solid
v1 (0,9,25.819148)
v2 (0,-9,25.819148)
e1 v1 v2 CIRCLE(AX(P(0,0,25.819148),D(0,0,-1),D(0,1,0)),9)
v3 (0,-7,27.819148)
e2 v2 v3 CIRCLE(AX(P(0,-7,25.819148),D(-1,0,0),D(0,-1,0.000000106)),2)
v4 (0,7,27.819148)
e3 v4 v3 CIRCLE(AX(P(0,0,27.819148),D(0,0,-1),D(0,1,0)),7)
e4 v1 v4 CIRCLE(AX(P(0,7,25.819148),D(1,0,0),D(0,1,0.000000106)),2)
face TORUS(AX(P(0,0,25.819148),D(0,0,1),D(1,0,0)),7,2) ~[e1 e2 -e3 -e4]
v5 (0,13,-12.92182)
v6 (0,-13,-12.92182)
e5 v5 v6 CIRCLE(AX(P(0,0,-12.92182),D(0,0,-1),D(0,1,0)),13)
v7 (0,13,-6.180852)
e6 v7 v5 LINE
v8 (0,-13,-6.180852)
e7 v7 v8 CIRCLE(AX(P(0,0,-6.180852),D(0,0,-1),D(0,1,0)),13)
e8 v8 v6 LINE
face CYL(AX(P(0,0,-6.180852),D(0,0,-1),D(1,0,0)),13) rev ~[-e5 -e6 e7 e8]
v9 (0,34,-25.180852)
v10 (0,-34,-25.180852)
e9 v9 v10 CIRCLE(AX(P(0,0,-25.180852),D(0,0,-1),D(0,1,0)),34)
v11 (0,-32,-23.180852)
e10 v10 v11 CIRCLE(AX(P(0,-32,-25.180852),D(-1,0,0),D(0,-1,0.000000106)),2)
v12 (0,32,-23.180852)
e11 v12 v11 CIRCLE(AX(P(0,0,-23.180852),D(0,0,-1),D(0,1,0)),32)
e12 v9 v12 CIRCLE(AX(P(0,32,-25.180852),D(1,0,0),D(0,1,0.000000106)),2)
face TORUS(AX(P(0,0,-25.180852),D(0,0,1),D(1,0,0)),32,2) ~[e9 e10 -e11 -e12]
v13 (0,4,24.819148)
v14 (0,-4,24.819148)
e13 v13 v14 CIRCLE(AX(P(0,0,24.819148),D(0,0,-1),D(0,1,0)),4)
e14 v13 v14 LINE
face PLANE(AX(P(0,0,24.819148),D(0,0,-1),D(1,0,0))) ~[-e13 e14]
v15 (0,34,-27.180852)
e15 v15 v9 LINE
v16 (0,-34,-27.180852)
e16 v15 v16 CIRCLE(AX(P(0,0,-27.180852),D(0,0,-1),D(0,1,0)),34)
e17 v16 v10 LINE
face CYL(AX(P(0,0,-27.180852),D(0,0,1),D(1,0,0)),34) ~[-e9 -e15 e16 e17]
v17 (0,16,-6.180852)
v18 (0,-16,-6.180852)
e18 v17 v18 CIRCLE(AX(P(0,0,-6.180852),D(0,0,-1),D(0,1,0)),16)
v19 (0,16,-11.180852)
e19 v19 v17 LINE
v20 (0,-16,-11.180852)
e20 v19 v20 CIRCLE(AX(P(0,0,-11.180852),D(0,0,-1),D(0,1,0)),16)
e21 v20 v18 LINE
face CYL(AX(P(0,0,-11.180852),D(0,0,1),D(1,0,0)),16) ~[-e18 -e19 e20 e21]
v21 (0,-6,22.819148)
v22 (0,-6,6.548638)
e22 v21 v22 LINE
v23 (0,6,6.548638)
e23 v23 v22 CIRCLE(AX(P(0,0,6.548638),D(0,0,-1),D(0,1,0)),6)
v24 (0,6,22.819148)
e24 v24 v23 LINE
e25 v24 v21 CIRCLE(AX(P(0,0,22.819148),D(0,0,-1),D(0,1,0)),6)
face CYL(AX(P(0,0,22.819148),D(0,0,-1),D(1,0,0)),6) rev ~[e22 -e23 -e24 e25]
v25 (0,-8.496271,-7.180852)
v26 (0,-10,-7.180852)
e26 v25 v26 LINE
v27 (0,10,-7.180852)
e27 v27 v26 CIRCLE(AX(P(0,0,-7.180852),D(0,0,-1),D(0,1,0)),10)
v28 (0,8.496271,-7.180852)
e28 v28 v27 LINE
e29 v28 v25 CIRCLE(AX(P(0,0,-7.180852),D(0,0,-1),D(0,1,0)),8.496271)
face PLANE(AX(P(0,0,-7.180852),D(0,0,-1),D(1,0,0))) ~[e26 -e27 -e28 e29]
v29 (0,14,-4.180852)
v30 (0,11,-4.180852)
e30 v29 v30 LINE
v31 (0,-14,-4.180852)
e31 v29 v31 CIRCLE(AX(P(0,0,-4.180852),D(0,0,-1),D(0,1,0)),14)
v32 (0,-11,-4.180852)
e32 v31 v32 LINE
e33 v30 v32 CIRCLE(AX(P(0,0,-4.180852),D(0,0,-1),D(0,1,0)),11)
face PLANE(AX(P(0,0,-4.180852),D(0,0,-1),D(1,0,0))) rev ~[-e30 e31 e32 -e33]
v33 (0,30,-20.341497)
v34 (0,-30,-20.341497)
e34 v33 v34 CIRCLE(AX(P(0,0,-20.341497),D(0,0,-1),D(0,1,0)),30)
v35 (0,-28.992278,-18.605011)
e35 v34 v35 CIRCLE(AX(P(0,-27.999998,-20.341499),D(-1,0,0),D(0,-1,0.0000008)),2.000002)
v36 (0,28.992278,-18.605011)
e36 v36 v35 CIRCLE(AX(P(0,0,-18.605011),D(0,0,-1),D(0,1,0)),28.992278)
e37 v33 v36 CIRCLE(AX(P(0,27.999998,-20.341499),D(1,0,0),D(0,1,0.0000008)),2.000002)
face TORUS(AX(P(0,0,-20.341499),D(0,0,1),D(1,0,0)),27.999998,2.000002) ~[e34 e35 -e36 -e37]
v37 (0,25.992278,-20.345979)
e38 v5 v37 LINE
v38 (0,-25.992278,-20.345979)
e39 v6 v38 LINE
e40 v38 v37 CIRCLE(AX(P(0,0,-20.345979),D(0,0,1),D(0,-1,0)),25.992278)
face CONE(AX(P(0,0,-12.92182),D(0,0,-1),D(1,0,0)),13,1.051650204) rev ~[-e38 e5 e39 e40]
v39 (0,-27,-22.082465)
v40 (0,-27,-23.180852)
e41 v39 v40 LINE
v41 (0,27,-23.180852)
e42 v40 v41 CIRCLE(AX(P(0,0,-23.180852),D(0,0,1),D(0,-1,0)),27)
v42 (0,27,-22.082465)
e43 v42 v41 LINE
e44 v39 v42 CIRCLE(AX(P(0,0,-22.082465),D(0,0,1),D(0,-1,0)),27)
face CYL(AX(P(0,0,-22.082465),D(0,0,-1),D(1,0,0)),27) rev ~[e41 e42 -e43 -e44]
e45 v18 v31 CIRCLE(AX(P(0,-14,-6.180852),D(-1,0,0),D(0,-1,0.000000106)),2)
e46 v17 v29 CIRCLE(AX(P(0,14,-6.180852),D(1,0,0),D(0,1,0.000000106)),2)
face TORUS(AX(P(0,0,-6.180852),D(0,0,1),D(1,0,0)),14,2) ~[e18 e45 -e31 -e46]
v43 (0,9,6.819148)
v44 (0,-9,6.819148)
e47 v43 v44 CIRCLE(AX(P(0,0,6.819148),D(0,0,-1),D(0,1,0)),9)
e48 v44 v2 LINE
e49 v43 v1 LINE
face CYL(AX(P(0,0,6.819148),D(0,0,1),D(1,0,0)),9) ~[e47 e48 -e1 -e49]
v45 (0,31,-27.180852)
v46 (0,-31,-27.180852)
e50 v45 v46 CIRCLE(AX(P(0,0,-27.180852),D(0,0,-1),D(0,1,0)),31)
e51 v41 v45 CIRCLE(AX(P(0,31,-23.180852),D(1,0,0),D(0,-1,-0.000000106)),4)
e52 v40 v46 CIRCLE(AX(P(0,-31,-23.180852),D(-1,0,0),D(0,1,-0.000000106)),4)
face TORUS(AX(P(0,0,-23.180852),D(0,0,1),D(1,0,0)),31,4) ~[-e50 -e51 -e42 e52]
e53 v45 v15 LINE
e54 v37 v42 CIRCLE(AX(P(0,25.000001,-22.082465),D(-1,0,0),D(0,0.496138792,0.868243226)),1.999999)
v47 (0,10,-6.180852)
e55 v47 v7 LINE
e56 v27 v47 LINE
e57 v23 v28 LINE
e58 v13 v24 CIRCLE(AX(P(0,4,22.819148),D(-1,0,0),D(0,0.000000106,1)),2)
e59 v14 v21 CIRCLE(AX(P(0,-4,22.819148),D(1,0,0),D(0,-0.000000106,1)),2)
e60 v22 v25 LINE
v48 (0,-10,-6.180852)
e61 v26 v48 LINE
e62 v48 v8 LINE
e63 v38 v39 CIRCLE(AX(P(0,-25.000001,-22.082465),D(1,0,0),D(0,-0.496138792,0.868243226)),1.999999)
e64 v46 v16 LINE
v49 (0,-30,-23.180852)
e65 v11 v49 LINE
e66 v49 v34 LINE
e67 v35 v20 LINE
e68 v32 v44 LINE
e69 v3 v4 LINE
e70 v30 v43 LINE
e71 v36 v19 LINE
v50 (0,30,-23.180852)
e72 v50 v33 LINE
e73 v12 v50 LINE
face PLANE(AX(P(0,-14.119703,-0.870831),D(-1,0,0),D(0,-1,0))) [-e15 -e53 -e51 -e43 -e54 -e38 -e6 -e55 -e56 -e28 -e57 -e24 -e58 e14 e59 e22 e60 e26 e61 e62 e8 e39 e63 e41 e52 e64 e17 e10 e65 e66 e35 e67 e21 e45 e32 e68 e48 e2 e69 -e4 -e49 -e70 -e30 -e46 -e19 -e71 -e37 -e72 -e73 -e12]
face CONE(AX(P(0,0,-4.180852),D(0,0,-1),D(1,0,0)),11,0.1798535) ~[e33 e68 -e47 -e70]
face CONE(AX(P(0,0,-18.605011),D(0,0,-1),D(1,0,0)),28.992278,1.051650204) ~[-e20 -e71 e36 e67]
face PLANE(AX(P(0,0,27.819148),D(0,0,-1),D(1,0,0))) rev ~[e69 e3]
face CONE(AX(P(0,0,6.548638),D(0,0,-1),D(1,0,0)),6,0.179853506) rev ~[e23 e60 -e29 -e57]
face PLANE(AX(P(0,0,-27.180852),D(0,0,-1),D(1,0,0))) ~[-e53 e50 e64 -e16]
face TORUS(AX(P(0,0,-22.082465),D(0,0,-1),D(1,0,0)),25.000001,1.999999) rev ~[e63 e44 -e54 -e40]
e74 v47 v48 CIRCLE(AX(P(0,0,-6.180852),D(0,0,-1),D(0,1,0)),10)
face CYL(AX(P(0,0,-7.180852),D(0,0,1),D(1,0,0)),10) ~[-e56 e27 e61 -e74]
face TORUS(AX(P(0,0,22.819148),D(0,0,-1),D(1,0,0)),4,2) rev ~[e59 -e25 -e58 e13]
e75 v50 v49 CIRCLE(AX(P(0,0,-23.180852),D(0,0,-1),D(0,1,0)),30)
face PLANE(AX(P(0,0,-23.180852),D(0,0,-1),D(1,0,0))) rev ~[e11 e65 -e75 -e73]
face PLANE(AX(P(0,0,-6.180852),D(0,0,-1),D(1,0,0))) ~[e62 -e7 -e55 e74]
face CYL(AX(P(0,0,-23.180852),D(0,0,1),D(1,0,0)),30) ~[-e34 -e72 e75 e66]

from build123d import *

# Parameters (mm, degrees)
F1_ANGLE = 180


with BuildPart() as f1:
    # F0 (on Front) → F1 (revolve, symmetric)
    with BuildSketch(Plane.XZ) as f1_sk:
        with BuildLine():
            ThreePointArc((27, -23.180852), (28.171573, -26.009279), (31, -27.180852))
            Line((31, -27.180852), (34, -27.180852))
            Line((34, -27.180852), (34, -25.180852))
            ThreePointArc((34, -25.180852), (33.414214, -23.766639), (32, -23.180852))
            Line((32, -23.180852), (30, -23.180852))
            Line((30, -23.180852), (30, -20.341497))
            ThreePointArc((30, -20.341497), (29.72982, -19.337644), (28.992278, -18.605011))
            Line((28.992278, -18.605011), (16, -11.180852))
            Line((16, -11.180852), (16, -6.180852))
            ThreePointArc((16, -6.180852), (15.414214, -4.766639), (14, -4.180852))
            Line((14, -4.180852), (11, -4.180852))
            Line((11, -4.180852), (9, 6.819148))
            Line((9, 6.819148), (9, 25.819148))
            ThreePointArc((9, 25.819148), (8.414214, 27.233361), (7, 27.819148))
            Line((7, 27.819148), (0, 27.819148))
            Line((0, 27.819148), (0, 24.819148))
            Line((0, 24.819148), (4, 24.819148))
            ThreePointArc((4, 24.819148), (5.414214, 24.233361), (6, 22.819148))
            Line((6, 22.819148), (6, 6.548638))
            Line((6, 6.548638), (8.496271, -7.180852))
            Line((8.496271, -7.180852), (10, -7.180852))
            Line((10, -7.180852), (10, -6.180852))
            Line((10, -6.180852), (13, -6.180852))
            Line((13, -6.180852), (13, -7.180852))
            Line((13, -7.180852), (13, -12.92182))
            Line((13, -12.92182), (25.992278, -20.345979))
            ThreePointArc((25.992278, -20.345979), (26.72982, -21.078611), (27, -22.082465))
            Line((27, -22.082465), (27, -23.180852))
        make_face()
    revolve(axis=Axis((0, 0, 0.319148), (0, 0, 1)), revolution_arc=F1_ANGLE / 2)
    revolve(f1_sk.sketch, axis=Axis((0, 0, 0.319148), (0, 0, -1)), revolution_arc=F1_ANGLE / 2)


solid = f1.part
